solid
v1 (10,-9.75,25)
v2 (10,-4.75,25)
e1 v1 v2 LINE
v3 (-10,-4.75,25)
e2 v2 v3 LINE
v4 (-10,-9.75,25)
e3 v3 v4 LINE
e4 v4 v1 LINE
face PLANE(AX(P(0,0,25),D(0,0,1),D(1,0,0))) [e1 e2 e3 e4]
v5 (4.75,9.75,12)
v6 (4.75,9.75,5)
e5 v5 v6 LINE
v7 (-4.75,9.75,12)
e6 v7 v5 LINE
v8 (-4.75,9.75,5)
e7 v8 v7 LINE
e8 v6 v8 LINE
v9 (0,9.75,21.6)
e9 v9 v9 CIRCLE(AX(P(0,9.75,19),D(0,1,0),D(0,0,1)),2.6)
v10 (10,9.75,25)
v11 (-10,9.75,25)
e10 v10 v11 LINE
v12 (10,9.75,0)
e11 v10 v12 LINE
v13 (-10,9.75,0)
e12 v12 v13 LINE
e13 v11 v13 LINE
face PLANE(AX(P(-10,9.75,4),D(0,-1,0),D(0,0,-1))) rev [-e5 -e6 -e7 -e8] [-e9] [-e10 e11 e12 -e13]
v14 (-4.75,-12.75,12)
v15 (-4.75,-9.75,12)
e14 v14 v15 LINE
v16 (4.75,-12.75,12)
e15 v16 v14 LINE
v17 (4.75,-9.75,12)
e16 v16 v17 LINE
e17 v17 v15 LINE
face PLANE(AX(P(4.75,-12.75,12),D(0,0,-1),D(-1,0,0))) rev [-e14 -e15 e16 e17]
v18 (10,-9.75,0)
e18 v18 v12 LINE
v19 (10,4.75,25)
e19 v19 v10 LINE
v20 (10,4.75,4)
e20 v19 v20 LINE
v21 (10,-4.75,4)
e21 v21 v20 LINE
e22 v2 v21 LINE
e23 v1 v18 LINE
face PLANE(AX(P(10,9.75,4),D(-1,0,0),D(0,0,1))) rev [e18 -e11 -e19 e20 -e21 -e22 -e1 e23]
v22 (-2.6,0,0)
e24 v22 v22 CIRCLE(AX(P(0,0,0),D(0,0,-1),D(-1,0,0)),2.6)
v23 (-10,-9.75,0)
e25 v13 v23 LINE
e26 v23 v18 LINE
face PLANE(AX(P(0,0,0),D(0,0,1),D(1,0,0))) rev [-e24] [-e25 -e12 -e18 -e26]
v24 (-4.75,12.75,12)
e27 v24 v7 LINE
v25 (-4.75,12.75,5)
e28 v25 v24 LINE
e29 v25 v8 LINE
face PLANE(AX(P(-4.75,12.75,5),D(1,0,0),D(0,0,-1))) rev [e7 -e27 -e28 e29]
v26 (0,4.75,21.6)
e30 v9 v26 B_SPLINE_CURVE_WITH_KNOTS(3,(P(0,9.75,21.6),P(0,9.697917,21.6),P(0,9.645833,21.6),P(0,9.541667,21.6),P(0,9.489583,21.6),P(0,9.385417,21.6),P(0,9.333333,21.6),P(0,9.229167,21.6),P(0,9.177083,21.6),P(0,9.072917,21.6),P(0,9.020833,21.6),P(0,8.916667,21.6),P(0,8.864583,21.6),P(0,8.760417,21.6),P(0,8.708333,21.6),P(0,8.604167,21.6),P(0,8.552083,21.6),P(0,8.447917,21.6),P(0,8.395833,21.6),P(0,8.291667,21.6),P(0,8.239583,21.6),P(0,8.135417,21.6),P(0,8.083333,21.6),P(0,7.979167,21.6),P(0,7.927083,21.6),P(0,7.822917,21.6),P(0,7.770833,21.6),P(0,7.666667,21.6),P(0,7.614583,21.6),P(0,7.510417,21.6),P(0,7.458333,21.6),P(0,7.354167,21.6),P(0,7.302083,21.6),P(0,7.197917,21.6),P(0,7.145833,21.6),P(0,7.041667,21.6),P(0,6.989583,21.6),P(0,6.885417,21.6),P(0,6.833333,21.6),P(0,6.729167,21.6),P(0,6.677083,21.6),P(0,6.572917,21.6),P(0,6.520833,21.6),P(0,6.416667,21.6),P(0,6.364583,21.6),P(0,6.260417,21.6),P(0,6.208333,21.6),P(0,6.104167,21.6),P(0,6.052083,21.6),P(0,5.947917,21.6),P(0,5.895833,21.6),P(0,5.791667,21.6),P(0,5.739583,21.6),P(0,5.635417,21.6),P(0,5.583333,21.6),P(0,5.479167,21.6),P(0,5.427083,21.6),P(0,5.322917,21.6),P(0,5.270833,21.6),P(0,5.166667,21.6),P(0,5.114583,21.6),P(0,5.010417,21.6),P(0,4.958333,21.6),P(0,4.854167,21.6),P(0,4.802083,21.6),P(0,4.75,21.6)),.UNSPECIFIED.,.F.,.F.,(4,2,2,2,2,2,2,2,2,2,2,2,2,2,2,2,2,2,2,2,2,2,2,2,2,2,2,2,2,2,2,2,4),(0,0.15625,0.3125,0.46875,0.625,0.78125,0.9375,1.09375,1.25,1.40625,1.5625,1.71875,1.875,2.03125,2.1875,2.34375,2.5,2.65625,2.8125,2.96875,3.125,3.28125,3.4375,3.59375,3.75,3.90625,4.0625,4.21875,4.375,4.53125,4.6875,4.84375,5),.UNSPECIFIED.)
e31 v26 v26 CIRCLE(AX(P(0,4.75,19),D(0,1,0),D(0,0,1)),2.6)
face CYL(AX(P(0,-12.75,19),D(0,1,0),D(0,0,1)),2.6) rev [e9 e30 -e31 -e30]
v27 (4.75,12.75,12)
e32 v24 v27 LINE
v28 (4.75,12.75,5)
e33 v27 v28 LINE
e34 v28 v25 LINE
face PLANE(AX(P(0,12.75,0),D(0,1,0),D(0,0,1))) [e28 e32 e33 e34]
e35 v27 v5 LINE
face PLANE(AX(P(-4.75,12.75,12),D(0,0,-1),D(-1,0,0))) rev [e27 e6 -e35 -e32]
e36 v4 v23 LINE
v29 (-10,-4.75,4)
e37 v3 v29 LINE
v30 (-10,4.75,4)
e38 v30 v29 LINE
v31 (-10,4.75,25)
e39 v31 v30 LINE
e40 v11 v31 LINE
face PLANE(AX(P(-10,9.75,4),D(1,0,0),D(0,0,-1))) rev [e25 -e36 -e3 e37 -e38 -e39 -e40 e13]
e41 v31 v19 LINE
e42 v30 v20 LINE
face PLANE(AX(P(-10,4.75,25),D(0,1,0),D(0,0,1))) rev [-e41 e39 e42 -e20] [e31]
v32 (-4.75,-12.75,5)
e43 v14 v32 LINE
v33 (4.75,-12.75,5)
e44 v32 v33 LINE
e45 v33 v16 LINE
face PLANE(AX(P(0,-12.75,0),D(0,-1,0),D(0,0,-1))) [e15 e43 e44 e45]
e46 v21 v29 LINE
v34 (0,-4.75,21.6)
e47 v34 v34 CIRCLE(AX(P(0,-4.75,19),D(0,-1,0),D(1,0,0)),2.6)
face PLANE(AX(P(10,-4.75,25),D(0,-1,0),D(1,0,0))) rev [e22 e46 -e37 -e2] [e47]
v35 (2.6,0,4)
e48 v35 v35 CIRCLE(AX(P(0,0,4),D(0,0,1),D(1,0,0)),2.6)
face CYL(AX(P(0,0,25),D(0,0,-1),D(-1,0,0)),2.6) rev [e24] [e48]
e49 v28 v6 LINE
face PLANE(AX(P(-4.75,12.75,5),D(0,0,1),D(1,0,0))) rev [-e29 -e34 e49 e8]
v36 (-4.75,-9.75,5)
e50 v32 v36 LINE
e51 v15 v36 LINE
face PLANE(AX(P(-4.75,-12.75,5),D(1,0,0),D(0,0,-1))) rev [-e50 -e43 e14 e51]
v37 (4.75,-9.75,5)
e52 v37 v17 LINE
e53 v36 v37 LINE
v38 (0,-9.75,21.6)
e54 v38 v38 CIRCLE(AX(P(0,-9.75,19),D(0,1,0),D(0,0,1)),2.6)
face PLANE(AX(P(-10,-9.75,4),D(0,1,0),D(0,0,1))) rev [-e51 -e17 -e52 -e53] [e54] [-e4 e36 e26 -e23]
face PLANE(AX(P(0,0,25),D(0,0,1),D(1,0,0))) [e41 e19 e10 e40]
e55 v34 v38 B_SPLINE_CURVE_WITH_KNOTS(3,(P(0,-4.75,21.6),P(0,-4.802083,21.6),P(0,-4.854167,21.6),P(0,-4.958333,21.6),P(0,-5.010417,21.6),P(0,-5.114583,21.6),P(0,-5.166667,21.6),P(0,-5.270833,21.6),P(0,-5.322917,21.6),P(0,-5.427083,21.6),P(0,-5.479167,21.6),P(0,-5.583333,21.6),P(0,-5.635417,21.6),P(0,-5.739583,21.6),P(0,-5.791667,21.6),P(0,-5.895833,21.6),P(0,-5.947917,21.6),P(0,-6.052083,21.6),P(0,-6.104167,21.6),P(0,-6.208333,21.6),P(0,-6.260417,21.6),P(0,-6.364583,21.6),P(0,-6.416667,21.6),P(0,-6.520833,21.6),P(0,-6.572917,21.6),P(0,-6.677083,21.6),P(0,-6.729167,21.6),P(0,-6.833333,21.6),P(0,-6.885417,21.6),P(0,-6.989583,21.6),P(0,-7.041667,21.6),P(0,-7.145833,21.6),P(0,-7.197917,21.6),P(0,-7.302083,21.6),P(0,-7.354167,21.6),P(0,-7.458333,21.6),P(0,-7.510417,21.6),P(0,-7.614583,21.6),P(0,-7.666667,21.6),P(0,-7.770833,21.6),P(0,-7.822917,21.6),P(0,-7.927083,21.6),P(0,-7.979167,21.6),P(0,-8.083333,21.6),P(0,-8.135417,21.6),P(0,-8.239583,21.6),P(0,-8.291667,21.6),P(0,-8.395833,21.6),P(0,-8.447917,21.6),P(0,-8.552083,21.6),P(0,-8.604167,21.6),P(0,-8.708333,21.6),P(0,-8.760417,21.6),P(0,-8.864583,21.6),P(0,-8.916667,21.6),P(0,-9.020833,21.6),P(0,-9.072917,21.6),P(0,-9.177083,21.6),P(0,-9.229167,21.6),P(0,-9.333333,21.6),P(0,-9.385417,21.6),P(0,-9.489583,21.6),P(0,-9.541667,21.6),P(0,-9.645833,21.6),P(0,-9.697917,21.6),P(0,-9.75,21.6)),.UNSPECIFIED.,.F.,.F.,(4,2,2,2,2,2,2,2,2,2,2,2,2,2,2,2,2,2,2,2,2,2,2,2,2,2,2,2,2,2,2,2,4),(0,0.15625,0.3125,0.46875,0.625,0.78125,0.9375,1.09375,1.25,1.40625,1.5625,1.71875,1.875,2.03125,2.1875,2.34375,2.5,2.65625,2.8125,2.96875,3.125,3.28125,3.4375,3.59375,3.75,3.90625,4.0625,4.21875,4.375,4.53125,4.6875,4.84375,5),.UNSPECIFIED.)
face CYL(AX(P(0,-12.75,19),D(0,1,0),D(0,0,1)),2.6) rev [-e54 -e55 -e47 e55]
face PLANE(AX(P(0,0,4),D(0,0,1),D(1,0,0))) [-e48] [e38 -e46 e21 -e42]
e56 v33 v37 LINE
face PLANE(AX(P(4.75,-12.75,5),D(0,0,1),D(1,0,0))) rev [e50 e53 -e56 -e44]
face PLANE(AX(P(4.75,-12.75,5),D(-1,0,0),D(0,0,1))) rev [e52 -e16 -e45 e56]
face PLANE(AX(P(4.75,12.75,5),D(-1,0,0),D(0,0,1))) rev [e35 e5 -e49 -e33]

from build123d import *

# Parameters (mm, degrees)
SKETCH_1_W          = 20
SKETCH_1_H          = 19.5
EXTRUDE_1_DEPTH     = 4
SKETCH_2_W          = 20
SKETCH_2_H          = 5
EXTRUDE_2_DEPTH     = 21
SKETCH_3_W          = 9.5
SKETCH_3_H          = 7
EXTRUDE_3_DEPTH     = 3
SKETCH_4_W          = 9.5
SKETCH_4_H          = 7
EXTRUDE_4_DEPTH     = 3
SKETCH_5_R          = 2.6
CUT_EXTRUDE_1_DEPTH = 36.089172119
SKETCH_6_R          = 2.6
CUT_EXTRUDE_2_DEPTH = 30.791987178


with BuildPart() as part:
    # 草图1 → 凸台-拉伸1 (new body)
    with BuildSketch(Plane.XY):
        Rectangle(SKETCH_1_W, SKETCH_1_H)
    extrude(amount=EXTRUDE_1_DEPTH)

    # 草图2 → 凸台-拉伸2 (add)
    with BuildSketch(Plane.XY.offset(4)):
        with Locations((0, 7.25)):
            Rectangle(SKETCH_2_W, SKETCH_2_H)
        with Locations((0, -7.25)):
            Rectangle(SKETCH_2_W, SKETCH_2_H)
    extrude(amount=EXTRUDE_2_DEPTH)

    # 草图3 → 凸台-拉伸3 (add)
    with BuildSketch(Plane(origin=(0, 9.75, 0), x_dir=(1, 0, 0), z_dir=(0, 1, 0))):
        with Locations((0, -8.5)):
            Rectangle(SKETCH_3_W, SKETCH_3_H)
    extrude(amount=EXTRUDE_3_DEPTH)

    # 草图4 → 凸台-拉伸4 (add)
    with BuildSketch(Plane.XZ.offset(9.75)):
        with Locations((0, 8.5)):
            Rectangle(SKETCH_4_W, SKETCH_4_H)
    extrude(amount=EXTRUDE_4_DEPTH)

    # 草图5 → 切除-拉伸1 (cut, through all)
    with BuildSketch(Plane(origin=(0, 9.75, 0), x_dir=(1, 0, 0), z_dir=(0, 1, 0))):
        with Locations(Location((0, -19, 0), (0, 0, 270))):
            Circle(SKETCH_5_R)
    extrude(amount=-CUT_EXTRUDE_1_DEPTH, mode=Mode.SUBTRACT)

    # 草图6 → 切除-拉伸2 (cut, through all)
    with BuildSketch(Plane(origin=(0, 0, 0), x_dir=(-1, 0, 0), z_dir=(0, 0, -1))):
        Circle(SKETCH_6_R)
    extrude(amount=-CUT_EXTRUDE_2_DEPTH, mode=Mode.SUBTRACT)


solid = part.part
